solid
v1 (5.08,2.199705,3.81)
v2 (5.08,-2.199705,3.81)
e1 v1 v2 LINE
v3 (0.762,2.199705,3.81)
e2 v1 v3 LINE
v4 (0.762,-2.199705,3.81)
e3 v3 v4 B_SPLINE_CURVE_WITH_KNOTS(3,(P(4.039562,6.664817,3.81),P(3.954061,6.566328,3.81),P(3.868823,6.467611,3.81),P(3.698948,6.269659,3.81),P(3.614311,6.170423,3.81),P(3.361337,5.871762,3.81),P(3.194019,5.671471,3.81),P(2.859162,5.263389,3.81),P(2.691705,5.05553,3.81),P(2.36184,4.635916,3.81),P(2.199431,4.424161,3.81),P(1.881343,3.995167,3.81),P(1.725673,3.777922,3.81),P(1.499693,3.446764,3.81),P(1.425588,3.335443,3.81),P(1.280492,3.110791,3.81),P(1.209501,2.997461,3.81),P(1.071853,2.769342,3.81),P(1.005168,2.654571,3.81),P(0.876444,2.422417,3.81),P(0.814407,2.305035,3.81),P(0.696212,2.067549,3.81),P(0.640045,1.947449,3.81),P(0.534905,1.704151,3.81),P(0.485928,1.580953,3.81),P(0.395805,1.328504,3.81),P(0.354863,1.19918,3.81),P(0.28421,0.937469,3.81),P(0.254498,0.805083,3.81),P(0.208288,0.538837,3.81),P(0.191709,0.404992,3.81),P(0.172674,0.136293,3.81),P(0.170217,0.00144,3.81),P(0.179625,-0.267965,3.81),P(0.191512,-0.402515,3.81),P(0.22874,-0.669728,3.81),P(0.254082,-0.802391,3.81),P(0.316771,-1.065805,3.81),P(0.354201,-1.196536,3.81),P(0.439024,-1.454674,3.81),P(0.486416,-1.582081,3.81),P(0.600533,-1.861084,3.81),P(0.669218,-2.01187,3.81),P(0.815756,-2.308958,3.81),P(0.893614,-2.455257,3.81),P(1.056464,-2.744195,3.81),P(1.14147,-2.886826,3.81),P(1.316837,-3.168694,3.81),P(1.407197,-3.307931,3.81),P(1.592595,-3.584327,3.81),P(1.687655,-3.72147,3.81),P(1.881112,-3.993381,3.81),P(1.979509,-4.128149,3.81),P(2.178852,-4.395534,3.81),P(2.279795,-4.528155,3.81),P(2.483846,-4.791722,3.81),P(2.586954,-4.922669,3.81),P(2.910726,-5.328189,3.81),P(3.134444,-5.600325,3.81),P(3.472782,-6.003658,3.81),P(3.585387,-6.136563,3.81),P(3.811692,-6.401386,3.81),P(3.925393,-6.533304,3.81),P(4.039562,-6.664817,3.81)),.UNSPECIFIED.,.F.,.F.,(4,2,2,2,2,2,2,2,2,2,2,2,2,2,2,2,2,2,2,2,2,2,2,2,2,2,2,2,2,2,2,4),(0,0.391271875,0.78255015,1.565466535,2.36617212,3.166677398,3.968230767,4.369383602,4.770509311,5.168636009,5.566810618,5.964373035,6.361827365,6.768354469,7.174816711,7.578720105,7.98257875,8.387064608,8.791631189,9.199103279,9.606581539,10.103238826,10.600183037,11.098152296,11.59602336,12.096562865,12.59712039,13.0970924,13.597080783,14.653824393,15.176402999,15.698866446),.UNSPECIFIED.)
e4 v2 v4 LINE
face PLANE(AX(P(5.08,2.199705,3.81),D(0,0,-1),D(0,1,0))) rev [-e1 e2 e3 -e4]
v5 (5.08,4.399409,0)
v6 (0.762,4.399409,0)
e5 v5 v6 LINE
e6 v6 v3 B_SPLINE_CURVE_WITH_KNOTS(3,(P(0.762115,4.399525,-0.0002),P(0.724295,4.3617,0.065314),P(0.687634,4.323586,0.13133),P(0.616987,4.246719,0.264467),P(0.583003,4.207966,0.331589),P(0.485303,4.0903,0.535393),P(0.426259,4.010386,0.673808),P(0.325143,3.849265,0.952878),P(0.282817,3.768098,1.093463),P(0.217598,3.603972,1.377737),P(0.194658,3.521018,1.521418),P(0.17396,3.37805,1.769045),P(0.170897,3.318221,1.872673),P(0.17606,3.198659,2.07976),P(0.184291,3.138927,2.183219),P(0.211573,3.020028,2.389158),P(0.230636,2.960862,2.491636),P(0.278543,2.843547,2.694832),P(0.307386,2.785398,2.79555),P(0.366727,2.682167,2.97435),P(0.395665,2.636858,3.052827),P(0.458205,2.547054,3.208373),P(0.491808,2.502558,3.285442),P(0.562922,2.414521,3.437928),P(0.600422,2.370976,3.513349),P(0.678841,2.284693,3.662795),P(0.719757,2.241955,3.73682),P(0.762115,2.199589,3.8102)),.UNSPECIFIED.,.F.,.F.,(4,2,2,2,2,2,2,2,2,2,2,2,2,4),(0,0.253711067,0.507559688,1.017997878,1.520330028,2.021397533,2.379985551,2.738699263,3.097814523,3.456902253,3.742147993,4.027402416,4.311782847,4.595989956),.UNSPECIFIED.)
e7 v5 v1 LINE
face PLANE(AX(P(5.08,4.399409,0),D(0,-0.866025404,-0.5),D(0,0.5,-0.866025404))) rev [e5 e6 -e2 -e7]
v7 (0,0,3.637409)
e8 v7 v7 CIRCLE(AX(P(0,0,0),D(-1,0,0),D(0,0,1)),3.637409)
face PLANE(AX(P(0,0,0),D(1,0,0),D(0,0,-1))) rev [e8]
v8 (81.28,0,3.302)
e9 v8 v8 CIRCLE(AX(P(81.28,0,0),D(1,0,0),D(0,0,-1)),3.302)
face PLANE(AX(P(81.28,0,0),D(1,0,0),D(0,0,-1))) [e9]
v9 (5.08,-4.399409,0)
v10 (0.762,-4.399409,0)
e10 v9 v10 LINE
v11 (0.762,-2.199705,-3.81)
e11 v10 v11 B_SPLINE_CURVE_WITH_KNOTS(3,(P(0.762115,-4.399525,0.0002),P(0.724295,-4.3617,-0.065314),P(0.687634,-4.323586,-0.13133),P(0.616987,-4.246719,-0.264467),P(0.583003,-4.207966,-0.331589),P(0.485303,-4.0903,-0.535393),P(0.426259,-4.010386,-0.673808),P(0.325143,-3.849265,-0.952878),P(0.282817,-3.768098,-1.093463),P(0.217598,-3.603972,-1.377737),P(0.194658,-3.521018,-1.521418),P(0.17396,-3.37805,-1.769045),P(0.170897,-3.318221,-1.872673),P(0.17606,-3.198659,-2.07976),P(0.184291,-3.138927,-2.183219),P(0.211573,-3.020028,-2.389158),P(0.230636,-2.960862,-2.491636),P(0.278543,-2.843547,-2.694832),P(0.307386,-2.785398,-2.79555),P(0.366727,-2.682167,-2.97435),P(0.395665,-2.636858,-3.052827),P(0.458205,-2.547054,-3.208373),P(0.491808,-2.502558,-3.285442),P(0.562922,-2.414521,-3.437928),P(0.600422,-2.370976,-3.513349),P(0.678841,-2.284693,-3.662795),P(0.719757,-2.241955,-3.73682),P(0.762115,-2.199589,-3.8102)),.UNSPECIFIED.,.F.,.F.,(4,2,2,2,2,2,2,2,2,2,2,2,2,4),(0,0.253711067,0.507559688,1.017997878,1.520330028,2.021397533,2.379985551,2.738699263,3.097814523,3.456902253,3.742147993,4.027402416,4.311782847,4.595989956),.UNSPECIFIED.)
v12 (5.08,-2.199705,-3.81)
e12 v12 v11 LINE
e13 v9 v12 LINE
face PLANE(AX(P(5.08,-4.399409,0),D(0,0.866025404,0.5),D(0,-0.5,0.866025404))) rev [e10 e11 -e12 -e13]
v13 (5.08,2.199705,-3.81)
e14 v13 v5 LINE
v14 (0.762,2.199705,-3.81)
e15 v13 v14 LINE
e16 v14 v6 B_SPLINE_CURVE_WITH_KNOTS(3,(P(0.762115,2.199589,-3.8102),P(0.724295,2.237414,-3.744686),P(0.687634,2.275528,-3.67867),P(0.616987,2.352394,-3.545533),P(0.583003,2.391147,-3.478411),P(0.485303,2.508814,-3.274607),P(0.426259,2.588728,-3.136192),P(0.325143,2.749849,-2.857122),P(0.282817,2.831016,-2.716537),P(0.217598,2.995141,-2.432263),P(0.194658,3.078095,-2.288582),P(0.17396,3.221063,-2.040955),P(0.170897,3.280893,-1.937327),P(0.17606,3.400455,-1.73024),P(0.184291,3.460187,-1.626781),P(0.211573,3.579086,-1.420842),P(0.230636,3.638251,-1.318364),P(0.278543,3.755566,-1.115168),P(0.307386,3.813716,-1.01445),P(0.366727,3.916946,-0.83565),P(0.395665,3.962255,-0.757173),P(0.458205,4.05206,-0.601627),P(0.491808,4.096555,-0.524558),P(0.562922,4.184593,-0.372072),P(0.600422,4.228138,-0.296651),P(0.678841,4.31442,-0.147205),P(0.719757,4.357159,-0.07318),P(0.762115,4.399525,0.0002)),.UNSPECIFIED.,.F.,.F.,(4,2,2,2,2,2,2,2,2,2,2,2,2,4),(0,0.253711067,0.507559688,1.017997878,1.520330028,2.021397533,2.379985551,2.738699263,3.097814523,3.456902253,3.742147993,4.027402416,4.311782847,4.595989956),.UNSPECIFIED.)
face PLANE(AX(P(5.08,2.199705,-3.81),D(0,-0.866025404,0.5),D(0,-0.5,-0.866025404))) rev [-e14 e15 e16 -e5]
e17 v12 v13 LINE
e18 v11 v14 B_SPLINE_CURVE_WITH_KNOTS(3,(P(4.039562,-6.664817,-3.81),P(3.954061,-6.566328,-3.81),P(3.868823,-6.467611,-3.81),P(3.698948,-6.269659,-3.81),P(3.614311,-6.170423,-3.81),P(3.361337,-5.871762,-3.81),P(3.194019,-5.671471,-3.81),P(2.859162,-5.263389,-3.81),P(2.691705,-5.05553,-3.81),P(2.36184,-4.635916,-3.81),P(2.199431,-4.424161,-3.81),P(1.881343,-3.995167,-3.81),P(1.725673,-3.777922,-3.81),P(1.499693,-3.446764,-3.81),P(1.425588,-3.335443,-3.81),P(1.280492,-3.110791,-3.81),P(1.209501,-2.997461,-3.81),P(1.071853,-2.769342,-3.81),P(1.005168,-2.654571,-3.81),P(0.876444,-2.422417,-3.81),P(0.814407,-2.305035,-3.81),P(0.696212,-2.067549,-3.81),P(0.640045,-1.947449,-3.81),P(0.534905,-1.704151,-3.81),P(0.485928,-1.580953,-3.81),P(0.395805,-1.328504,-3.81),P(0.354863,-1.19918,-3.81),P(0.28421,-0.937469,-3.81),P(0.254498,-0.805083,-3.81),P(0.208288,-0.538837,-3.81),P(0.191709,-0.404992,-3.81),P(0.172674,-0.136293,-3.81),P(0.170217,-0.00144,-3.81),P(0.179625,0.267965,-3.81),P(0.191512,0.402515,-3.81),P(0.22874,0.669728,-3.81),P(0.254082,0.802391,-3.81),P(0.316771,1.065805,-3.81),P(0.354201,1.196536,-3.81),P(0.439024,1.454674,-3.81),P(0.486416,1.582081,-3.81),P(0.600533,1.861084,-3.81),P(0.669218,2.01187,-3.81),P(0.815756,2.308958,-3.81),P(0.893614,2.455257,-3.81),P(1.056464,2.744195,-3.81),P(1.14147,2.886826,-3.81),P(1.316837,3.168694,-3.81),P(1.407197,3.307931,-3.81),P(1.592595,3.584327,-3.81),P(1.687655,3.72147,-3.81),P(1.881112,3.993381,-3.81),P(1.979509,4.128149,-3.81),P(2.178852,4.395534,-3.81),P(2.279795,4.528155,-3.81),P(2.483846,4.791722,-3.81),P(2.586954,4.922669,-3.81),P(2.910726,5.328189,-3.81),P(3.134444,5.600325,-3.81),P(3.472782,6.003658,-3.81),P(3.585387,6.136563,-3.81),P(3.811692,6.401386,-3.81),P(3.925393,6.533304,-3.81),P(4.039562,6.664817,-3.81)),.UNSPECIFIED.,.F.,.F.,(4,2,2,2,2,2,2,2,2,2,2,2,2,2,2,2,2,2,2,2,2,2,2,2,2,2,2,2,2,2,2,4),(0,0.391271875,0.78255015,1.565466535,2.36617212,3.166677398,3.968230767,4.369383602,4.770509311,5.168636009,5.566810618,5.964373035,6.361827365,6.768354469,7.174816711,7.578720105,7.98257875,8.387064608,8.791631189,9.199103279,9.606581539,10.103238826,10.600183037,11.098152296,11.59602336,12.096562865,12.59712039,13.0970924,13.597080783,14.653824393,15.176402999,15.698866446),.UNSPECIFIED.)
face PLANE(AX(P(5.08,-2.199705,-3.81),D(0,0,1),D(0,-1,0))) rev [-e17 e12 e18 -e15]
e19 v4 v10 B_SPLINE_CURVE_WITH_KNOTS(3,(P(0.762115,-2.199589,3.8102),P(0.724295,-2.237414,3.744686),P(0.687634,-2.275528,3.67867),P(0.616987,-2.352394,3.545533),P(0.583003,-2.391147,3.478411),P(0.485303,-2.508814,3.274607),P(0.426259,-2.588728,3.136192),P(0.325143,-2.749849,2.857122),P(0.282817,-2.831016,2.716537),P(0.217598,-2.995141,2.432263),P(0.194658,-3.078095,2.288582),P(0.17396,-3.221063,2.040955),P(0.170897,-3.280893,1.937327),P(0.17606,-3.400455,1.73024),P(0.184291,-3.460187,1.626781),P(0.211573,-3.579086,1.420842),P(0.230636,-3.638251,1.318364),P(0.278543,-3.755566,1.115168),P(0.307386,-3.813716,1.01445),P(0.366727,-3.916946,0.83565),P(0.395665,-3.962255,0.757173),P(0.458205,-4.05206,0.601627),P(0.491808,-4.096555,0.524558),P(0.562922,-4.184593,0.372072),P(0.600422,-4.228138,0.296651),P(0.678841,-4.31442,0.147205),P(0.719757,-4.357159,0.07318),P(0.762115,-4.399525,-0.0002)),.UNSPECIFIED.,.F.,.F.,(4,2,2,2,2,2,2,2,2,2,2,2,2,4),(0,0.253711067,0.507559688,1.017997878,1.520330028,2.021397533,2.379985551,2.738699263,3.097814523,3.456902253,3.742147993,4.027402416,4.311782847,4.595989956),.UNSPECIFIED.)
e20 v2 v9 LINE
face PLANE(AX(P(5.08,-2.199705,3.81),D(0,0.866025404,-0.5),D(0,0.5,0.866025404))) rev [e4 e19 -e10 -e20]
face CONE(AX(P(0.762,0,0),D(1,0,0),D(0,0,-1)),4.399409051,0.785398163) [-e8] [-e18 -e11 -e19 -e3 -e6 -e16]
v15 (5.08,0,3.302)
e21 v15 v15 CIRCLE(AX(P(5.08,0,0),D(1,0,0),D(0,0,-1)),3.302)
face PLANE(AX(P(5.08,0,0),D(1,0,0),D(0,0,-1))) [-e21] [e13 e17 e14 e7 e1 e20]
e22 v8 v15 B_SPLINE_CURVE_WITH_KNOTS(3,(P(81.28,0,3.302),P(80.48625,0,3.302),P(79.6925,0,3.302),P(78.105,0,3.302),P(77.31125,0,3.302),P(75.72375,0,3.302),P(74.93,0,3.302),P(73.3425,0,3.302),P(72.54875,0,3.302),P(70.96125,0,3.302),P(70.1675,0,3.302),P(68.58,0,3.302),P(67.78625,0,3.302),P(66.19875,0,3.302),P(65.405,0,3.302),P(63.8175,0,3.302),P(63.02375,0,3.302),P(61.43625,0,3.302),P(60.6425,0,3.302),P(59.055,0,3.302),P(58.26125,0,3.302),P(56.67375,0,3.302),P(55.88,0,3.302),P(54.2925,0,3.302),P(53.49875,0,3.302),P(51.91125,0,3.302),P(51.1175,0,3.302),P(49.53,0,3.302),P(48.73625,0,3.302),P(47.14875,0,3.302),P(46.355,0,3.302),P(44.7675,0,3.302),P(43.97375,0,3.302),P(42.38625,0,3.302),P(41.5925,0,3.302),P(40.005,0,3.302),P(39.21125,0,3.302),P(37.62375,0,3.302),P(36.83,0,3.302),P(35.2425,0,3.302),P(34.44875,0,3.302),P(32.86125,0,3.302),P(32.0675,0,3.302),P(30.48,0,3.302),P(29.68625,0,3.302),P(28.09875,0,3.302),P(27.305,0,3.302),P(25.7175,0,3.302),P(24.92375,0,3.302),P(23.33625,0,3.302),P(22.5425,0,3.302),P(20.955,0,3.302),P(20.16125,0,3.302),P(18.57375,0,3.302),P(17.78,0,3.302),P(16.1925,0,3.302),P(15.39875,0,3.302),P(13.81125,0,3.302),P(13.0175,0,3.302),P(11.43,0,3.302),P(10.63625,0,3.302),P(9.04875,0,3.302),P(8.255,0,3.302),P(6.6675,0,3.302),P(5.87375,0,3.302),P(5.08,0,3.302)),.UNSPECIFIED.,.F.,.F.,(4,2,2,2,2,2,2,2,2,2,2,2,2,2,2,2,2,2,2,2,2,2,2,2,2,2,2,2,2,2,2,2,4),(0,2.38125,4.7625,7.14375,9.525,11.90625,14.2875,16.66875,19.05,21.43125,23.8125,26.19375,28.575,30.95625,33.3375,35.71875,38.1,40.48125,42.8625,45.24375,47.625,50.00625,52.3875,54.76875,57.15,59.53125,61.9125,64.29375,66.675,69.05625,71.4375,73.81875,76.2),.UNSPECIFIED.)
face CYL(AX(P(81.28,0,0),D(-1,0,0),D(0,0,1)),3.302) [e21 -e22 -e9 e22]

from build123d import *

# Parameters (mm, degrees)
BOSS_EXTRUDE1_DEPTH = 5.08
SKETCH3_R           = 3.302
BOSS_EXTRUDE2_DEPTH = 76.2


with BuildPart() as part:
    # Sketch2 → Boss-Extrude1 (new body)
    with BuildSketch(Plane(origin=(0, 0, 0), x_dir=(0, 0, -1), z_dir=(1, 0, 0))):
        Polygon((0, -4.399409051), (3.81, -2.199704526), (3.81, 2.199704526), (0, 4.399409051), (-3.81, 2.199704526), (-3.81, -2.199704526), align=None)
    extrude(amount=BOSS_EXTRUDE1_DEPTH)

    # Sketch3 → Boss-Extrude2 (add)
    with BuildSketch(Plane(origin=(5.08, 0, 0), x_dir=(0, 0, -1), z_dir=(1, 0, 0))):
        with Locations(Location((0, 0, 0), (0, 0, 180))):
            Circle(SKETCH3_R)
    extrude(amount=BOSS_EXTRUDE2_DEPTH)

    # Sketch4 → Cut-Revolve1 (revolve, cut)
    with BuildSketch(Plane.XY, mode=Mode.PRIVATE) as cut_revolve1_sk:
        Polygon((5.08, 4.399409051), (0.762, 4.399409051), (0, 3.637409051), (0, 2.199704526), (-1.146784512, 2.199704526), (-1.146784512, 5.580945805), (5.08, 5.580945805), align=None)
    revolve(cut_revolve1_sk.sketch.rotate(Axis((0, 0, 0), (1, 0, 0)), 300.000000093), axis=Axis((0, 0, 0), (1, 0, 0)), mode=Mode.SUBTRACT)


solid = part.part
